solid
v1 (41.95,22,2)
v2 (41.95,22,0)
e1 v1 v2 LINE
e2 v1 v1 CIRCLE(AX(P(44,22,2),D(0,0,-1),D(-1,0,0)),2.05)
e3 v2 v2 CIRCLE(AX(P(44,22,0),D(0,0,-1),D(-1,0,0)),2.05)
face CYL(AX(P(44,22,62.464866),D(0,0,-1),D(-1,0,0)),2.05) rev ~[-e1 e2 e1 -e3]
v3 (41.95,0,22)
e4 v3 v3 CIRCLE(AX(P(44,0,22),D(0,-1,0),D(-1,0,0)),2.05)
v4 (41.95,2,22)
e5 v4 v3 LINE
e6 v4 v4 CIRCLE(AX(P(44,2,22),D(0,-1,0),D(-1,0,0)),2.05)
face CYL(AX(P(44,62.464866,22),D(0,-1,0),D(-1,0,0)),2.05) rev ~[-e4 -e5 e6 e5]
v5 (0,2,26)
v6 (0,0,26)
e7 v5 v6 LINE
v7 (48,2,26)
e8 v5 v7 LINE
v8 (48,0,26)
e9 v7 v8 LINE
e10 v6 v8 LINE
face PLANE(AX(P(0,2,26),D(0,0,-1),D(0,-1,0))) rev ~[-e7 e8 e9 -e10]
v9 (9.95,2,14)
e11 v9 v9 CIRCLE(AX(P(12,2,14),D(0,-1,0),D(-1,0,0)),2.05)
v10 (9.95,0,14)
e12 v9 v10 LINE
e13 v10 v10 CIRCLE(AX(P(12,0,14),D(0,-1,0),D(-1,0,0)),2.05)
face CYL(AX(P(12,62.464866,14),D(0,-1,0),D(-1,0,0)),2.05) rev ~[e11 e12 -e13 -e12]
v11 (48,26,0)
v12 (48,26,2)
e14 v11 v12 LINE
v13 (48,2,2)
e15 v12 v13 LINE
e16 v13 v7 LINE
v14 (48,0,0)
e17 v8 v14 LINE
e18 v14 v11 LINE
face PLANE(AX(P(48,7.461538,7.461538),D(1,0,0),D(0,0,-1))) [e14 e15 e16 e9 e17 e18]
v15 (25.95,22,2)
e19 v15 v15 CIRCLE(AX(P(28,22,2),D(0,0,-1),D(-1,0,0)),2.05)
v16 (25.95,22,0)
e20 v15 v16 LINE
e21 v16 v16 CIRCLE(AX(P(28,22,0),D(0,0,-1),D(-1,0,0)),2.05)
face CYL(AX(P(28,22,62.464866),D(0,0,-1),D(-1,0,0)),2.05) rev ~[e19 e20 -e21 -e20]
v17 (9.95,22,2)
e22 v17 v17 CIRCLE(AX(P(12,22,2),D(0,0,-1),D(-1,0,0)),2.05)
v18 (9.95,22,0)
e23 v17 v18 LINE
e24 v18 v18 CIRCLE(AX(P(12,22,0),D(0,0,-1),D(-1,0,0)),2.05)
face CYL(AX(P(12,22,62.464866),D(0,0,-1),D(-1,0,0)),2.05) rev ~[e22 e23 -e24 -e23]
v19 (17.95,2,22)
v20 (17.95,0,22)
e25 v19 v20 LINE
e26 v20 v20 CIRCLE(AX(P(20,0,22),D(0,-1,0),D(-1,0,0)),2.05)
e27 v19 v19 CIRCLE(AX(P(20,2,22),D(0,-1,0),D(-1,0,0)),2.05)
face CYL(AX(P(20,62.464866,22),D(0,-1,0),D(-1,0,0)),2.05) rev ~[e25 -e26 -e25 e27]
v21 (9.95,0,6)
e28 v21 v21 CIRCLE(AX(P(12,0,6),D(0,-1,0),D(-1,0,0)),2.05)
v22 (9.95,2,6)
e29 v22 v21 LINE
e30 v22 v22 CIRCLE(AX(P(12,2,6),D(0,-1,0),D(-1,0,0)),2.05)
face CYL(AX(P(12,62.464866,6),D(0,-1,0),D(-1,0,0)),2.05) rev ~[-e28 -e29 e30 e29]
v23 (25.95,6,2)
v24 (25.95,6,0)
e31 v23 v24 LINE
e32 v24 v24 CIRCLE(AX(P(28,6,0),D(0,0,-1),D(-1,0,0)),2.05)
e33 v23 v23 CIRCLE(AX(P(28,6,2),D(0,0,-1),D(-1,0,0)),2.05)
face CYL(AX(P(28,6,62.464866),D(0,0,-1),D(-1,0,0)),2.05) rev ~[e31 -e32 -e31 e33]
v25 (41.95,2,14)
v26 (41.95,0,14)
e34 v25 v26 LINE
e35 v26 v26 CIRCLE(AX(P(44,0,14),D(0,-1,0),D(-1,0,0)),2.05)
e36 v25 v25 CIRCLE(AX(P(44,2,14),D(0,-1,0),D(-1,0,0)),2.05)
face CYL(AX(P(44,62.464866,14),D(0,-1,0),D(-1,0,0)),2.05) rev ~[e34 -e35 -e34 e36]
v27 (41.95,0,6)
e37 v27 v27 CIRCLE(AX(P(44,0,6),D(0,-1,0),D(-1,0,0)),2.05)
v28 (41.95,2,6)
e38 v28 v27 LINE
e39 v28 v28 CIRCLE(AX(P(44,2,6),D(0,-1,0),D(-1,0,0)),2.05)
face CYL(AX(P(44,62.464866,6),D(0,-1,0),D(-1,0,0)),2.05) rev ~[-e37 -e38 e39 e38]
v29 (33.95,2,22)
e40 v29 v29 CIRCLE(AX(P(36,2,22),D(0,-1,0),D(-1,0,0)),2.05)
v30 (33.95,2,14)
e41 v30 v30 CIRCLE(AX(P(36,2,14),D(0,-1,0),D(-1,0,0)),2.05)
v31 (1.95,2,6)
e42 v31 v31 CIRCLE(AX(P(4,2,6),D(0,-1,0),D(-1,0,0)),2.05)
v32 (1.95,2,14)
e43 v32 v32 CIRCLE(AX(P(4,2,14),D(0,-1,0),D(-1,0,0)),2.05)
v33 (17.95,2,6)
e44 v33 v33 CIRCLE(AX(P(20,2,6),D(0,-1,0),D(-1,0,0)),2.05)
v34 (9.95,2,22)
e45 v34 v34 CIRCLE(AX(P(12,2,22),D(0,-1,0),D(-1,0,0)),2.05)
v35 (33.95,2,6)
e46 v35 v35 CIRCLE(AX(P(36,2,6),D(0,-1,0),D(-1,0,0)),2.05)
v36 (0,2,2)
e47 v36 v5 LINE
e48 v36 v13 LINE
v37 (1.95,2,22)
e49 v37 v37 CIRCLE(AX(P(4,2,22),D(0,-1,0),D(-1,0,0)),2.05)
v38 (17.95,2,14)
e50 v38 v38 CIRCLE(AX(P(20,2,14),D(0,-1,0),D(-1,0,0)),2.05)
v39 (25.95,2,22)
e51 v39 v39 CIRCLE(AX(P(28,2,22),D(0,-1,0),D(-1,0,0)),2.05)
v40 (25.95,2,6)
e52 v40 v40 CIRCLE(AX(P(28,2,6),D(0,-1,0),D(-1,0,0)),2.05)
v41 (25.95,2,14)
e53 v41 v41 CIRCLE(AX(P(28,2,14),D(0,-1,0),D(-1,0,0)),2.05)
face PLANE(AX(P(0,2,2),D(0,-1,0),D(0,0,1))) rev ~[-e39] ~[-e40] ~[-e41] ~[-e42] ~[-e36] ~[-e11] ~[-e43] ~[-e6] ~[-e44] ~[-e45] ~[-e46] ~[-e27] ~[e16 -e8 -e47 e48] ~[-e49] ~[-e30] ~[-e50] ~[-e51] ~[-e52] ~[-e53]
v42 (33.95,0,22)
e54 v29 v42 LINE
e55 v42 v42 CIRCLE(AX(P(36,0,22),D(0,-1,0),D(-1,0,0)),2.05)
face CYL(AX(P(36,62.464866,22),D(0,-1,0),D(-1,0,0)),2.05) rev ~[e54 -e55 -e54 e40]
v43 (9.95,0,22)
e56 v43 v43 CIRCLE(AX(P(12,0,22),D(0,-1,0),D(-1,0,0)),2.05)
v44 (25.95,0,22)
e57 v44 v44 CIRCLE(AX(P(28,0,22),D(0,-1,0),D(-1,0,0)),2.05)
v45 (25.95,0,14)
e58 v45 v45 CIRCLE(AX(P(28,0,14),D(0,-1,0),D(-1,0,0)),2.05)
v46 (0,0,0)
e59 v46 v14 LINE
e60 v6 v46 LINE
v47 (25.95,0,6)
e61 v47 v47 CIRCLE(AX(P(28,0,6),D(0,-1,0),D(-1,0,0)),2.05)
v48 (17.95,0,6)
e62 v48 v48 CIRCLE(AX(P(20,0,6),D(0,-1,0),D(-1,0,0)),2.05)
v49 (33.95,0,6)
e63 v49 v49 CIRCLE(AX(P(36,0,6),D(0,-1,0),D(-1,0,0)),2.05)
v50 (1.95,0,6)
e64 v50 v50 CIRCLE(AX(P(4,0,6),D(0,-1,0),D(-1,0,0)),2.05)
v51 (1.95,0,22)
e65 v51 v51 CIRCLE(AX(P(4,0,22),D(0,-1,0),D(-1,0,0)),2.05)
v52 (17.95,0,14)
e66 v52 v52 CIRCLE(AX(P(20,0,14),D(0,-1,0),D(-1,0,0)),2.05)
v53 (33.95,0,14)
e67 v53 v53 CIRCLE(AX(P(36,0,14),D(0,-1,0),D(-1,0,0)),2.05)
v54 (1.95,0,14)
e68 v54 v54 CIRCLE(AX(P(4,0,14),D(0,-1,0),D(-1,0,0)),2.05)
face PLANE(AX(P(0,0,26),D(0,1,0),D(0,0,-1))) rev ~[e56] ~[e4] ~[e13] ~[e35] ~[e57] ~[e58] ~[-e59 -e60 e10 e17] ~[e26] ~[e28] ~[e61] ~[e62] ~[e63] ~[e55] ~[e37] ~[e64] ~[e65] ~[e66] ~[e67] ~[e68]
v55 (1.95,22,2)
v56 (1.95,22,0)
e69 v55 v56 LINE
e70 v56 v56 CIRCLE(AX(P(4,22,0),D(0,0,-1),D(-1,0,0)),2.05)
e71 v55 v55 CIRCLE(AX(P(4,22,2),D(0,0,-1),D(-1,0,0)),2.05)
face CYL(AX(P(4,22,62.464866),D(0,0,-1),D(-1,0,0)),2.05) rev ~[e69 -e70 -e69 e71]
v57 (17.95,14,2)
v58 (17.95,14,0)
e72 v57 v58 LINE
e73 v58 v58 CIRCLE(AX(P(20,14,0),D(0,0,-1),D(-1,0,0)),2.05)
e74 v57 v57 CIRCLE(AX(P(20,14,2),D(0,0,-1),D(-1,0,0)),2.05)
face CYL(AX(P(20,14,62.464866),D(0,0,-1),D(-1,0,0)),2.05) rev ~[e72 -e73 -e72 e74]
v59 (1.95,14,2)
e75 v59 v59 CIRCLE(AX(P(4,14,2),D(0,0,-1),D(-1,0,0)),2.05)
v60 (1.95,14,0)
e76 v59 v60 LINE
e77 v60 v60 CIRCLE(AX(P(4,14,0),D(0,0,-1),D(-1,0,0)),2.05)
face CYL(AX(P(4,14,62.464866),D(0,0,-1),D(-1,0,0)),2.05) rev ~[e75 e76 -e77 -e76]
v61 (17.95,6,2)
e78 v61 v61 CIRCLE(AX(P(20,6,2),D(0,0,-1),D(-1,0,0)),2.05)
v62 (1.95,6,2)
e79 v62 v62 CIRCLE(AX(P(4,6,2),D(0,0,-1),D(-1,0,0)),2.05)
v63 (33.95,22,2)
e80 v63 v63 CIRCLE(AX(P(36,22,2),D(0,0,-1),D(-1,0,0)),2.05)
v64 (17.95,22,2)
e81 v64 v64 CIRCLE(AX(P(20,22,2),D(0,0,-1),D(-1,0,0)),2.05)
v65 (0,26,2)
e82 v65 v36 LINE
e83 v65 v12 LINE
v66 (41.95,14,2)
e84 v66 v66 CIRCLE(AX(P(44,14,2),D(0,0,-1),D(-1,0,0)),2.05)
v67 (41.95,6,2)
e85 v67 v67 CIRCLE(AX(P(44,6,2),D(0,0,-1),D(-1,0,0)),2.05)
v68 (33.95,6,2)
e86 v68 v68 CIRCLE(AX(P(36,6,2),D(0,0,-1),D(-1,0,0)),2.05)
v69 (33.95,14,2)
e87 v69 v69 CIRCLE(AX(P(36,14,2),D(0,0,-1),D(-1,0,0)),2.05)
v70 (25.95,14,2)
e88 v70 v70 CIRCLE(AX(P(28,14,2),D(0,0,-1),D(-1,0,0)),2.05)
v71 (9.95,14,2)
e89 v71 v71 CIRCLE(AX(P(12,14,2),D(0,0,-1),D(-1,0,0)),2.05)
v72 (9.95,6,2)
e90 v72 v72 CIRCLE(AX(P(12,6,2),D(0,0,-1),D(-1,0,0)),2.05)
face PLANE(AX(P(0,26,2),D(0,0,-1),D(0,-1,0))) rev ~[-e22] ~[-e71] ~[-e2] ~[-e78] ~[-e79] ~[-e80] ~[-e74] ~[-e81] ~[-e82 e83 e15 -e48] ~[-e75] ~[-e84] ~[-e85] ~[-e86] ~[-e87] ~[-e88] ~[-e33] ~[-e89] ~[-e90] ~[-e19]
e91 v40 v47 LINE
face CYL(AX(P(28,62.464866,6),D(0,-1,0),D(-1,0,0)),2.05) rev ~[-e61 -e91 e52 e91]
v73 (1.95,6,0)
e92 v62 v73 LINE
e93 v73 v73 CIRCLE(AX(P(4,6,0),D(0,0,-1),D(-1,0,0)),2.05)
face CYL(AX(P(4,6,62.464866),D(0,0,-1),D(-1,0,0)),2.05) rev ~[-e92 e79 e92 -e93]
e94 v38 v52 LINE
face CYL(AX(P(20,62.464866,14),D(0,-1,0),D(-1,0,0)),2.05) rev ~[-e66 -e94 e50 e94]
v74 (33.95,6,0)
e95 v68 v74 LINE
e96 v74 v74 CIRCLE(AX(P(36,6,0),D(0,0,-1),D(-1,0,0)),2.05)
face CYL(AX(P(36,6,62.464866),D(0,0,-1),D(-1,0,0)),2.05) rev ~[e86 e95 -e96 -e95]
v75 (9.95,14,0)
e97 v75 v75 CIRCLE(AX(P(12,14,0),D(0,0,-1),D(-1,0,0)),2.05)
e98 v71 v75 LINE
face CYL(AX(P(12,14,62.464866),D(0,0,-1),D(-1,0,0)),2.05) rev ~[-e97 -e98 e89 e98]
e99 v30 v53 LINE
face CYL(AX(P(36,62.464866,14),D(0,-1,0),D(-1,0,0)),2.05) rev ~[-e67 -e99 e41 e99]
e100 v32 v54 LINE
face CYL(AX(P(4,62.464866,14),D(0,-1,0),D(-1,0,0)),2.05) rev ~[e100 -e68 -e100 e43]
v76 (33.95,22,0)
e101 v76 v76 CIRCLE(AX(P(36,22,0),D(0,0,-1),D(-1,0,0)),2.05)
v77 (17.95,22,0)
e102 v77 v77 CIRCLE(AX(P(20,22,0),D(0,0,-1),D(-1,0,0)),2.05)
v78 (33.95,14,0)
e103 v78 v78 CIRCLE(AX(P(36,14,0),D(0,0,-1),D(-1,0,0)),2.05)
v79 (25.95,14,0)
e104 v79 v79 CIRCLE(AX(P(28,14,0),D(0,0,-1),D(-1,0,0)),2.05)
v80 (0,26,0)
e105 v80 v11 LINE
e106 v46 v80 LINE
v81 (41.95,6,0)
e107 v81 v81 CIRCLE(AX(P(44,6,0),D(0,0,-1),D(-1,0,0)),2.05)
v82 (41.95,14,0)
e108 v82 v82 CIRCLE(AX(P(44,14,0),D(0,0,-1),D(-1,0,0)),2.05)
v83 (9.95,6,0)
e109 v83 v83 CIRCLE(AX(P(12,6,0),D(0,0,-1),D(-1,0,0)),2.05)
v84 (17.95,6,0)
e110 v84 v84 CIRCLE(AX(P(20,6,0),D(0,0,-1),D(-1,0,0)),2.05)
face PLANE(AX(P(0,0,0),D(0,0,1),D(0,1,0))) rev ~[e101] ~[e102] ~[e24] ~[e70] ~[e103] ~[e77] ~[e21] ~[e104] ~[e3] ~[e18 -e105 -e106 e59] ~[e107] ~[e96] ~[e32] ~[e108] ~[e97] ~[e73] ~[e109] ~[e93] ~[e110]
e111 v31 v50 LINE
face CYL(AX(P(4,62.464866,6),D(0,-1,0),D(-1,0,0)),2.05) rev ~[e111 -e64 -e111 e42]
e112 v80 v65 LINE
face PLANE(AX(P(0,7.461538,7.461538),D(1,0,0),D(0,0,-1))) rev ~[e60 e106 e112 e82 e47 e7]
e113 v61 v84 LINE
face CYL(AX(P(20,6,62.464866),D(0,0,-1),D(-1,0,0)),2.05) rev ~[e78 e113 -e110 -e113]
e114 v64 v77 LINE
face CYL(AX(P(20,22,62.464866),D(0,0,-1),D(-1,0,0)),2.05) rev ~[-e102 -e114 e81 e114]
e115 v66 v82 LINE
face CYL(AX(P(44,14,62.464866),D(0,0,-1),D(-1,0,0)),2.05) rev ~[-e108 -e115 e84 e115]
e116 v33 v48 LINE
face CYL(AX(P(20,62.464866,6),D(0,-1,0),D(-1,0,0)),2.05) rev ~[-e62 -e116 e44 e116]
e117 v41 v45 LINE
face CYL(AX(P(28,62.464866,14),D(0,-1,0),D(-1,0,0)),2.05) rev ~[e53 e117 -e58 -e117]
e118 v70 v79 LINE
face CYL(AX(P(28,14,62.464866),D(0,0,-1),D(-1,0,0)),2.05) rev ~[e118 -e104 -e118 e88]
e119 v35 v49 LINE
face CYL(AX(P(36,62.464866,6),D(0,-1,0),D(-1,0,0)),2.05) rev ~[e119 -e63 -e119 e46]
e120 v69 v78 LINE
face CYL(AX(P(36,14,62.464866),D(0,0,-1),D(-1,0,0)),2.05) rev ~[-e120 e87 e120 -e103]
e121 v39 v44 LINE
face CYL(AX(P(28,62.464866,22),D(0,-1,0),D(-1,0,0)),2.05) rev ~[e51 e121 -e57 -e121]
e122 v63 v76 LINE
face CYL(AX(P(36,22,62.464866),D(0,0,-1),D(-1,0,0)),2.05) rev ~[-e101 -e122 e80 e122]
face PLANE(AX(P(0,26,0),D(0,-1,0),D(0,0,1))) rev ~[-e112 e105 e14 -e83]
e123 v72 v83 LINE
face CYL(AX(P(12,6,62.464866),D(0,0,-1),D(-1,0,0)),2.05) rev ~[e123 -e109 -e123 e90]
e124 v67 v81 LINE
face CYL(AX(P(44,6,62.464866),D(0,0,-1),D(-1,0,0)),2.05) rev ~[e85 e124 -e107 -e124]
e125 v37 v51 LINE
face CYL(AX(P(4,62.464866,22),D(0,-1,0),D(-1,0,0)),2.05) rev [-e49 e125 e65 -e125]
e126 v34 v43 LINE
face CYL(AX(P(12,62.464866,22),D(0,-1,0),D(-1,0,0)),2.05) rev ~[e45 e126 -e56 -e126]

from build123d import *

# Parameters (mm, degrees)
BOSS_EXTRUDE1_DEPTH        = 48
F_4_1_4_1_DIAMETER_HOLE1_D = 4.1
LPATTERN1_COUNT            = 6
LPATTERN1_PITCH            = 8
LPATTERN1_COUNT_DIR2       = 3
LPATTERN1_PITCH_DIR2       = 8
MIRROR1_COPY_1_D           = 4.1
MIRROR1_COPY_2_D           = 4.1
MIRROR1_COPY_3_D           = 4.1
MIRROR1_COPY_4_D           = 4.1
MIRROR1_COPY_5_D           = 4.1
MIRROR1_COPY_6_D           = 4.1
MIRROR1_COPY_7_D           = 4.1
MIRROR1_COPY_8_D           = 4.1
MIRROR1_COPY_9_D           = 4.1
MIRROR1_COPY_10_D          = 4.1
MIRROR1_COPY_11_D          = 4.1
MIRROR1_COPY_12_D          = 4.1
MIRROR1_COPY_13_D          = 4.1
MIRROR1_COPY_14_D          = 4.1
MIRROR1_COPY_15_D          = 4.1
MIRROR1_COPY_16_D          = 4.1
MIRROR1_COPY_17_D          = 4.1


with BuildPart() as part:
    # Sketch3 → Boss-Extrude1 (new body)
    with BuildSketch(Plane(origin=(0, 0, 0), x_dir=(0, 0, -1), z_dir=(1, 0, 0))):
        Polygon((0, 0), (0, 26), (-2, 26), (-2, 2), (-26, 2), (-26, 0), align=None)
    extrude(amount=BOSS_EXTRUDE1_DEPTH)

    # Ø4.1 (4.1) Diameter Hole1 (through all)
    with Locations(Plane.XY.offset(2)):
        with Locations((4, 22)):
            f_4_1_4_1_diameter_hole1 = Hole(F_4_1_4_1_DIAMETER_HOLE1_D / 2)

    # LPattern1: 4.1 _4.1_ Diameter Hole1 6 × 3
    with Locations(*[(i * LPATTERN1_PITCH, -j * LPATTERN1_PITCH_DIR2, 0) for i in range(LPATTERN1_COUNT) for j in range(LPATTERN1_COUNT_DIR2) if (i, j) != (0, 0)]):
        add(f_4_1_4_1_diameter_hole1, mode=Mode.SUBTRACT)

    # Mirror1: Ø4.1 (4.1) Diameter Hole1 across plane
    add(f_4_1_4_1_diameter_hole1.mirror(Plane(origin=(0, 0, 0), x_dir=(0, 0.7071067811865471, 0.7071067811865479), z_dir=(0, -0.7071067811865479, 0.7071067811865471))), mode=Mode.SUBTRACT)

    # Mirror1 copy 1 (through all)
    with Locations(Plane(origin=(0, 2, -8), x_dir=(1, 0, 0), z_dir=(0, 1, 0))):
        with Locations((4, -22)):
            Hole(MIRROR1_COPY_1_D / 2)

    # Mirror1 copy 2 (through all)
    with Locations(Plane(origin=(0, 2, -16), x_dir=(1, 0, 0), z_dir=(0, 1, 0))):
        with Locations((4, -22)):
            Hole(MIRROR1_COPY_2_D / 2)

    # Mirror1 copy 3 (through all)
    with Locations(Plane(origin=(8, 2, 0), x_dir=(1, 0, 0), z_dir=(0, 1, 0))):
        with Locations((4, -22)):
            Hole(MIRROR1_COPY_3_D / 2)

    # Mirror1 copy 4 (through all)
    with Locations(Plane(origin=(8, 2, -8), x_dir=(1, 0, 0), z_dir=(0, 1, 0))):
        with Locations((4, -22)):
            Hole(MIRROR1_COPY_4_D / 2)

    # Mirror1 copy 5 (through all)
    with Locations(Plane(origin=(8, 2, -16), x_dir=(1, 0, 0), z_dir=(0, 1, 0))):
        with Locations((4, -22)):
            Hole(MIRROR1_COPY_5_D / 2)

    # Mirror1 copy 6 (through all)
    with Locations(Plane(origin=(16, 2, 0), x_dir=(1, 0, 0), z_dir=(0, 1, 0))):
        with Locations((4, -22)):
            Hole(MIRROR1_COPY_6_D / 2)

    # Mirror1 copy 7 (through all)
    with Locations(Plane(origin=(16, 2, -8), x_dir=(1, 0, 0), z_dir=(0, 1, 0))):
        with Locations((4, -22)):
            Hole(MIRROR1_COPY_7_D / 2)

    # Mirror1 copy 8 (through all)
    with Locations(Plane(origin=(16, 2, -16), x_dir=(1, 0, 0), z_dir=(0, 1, 0))):
        with Locations((4, -22)):
            Hole(MIRROR1_COPY_8_D / 2)

    # Mirror1 copy 9 (through all)
    with Locations(Plane(origin=(24, 2, 0), x_dir=(1, 0, 0), z_dir=(0, 1, 0))):
        with Locations((4, -22)):
            Hole(MIRROR1_COPY_9_D / 2)

    # Mirror1 copy 10 (through all)
    with Locations(Plane(origin=(24, 2, -8), x_dir=(1, 0, 0), z_dir=(0, 1, 0))):
        with Locations((4, -22)):
            Hole(MIRROR1_COPY_10_D / 2)

    # Mirror1 copy 11 (through all)
    with Locations(Plane(origin=(24, 2, -16), x_dir=(1, 0, 0), z_dir=(0, 1, 0))):
        with Locations((4, -22)):
            Hole(MIRROR1_COPY_11_D / 2)

    # Mirror1 copy 12 (through all)
    with Locations(Plane(origin=(32, 2, 0), x_dir=(1, 0, 0), z_dir=(0, 1, 0))):
        with Locations((4, -22)):
            Hole(MIRROR1_COPY_12_D / 2)

    # Mirror1 copy 13 (through all)
    with Locations(Plane(origin=(32, 2, -8), x_dir=(1, 0, 0), z_dir=(0, 1, 0))):
        with Locations((4, -22)):
            Hole(MIRROR1_COPY_13_D / 2)

    # Mirror1 copy 14 (through all)
    with Locations(Plane(origin=(32, 2, -16), x_dir=(1, 0, 0), z_dir=(0, 1, 0))):
        with Locations((4, -22)):
            Hole(MIRROR1_COPY_14_D / 2)

    # Mirror1 copy 15 (through all)
    with Locations(Plane(origin=(40, 2, 0), x_dir=(1, 0, 0), z_dir=(0, 1, 0))):
        with Locations((4, -22)):
            Hole(MIRROR1_COPY_15_D / 2)

    # Mirror1 copy 16 (through all)
    with Locations(Plane(origin=(40, 2, -8), x_dir=(1, 0, 0), z_dir=(0, 1, 0))):
        with Locations((4, -22)):
            Hole(MIRROR1_COPY_16_D / 2)

    # Mirror1 copy 17 (through all)
    with Locations(Plane(origin=(40, 2, -16), x_dir=(1, 0, 0), z_dir=(0, 1, 0))):
        with Locations((4, -22)):
            Hole(MIRROR1_COPY_17_D / 2)


solid = part.part
